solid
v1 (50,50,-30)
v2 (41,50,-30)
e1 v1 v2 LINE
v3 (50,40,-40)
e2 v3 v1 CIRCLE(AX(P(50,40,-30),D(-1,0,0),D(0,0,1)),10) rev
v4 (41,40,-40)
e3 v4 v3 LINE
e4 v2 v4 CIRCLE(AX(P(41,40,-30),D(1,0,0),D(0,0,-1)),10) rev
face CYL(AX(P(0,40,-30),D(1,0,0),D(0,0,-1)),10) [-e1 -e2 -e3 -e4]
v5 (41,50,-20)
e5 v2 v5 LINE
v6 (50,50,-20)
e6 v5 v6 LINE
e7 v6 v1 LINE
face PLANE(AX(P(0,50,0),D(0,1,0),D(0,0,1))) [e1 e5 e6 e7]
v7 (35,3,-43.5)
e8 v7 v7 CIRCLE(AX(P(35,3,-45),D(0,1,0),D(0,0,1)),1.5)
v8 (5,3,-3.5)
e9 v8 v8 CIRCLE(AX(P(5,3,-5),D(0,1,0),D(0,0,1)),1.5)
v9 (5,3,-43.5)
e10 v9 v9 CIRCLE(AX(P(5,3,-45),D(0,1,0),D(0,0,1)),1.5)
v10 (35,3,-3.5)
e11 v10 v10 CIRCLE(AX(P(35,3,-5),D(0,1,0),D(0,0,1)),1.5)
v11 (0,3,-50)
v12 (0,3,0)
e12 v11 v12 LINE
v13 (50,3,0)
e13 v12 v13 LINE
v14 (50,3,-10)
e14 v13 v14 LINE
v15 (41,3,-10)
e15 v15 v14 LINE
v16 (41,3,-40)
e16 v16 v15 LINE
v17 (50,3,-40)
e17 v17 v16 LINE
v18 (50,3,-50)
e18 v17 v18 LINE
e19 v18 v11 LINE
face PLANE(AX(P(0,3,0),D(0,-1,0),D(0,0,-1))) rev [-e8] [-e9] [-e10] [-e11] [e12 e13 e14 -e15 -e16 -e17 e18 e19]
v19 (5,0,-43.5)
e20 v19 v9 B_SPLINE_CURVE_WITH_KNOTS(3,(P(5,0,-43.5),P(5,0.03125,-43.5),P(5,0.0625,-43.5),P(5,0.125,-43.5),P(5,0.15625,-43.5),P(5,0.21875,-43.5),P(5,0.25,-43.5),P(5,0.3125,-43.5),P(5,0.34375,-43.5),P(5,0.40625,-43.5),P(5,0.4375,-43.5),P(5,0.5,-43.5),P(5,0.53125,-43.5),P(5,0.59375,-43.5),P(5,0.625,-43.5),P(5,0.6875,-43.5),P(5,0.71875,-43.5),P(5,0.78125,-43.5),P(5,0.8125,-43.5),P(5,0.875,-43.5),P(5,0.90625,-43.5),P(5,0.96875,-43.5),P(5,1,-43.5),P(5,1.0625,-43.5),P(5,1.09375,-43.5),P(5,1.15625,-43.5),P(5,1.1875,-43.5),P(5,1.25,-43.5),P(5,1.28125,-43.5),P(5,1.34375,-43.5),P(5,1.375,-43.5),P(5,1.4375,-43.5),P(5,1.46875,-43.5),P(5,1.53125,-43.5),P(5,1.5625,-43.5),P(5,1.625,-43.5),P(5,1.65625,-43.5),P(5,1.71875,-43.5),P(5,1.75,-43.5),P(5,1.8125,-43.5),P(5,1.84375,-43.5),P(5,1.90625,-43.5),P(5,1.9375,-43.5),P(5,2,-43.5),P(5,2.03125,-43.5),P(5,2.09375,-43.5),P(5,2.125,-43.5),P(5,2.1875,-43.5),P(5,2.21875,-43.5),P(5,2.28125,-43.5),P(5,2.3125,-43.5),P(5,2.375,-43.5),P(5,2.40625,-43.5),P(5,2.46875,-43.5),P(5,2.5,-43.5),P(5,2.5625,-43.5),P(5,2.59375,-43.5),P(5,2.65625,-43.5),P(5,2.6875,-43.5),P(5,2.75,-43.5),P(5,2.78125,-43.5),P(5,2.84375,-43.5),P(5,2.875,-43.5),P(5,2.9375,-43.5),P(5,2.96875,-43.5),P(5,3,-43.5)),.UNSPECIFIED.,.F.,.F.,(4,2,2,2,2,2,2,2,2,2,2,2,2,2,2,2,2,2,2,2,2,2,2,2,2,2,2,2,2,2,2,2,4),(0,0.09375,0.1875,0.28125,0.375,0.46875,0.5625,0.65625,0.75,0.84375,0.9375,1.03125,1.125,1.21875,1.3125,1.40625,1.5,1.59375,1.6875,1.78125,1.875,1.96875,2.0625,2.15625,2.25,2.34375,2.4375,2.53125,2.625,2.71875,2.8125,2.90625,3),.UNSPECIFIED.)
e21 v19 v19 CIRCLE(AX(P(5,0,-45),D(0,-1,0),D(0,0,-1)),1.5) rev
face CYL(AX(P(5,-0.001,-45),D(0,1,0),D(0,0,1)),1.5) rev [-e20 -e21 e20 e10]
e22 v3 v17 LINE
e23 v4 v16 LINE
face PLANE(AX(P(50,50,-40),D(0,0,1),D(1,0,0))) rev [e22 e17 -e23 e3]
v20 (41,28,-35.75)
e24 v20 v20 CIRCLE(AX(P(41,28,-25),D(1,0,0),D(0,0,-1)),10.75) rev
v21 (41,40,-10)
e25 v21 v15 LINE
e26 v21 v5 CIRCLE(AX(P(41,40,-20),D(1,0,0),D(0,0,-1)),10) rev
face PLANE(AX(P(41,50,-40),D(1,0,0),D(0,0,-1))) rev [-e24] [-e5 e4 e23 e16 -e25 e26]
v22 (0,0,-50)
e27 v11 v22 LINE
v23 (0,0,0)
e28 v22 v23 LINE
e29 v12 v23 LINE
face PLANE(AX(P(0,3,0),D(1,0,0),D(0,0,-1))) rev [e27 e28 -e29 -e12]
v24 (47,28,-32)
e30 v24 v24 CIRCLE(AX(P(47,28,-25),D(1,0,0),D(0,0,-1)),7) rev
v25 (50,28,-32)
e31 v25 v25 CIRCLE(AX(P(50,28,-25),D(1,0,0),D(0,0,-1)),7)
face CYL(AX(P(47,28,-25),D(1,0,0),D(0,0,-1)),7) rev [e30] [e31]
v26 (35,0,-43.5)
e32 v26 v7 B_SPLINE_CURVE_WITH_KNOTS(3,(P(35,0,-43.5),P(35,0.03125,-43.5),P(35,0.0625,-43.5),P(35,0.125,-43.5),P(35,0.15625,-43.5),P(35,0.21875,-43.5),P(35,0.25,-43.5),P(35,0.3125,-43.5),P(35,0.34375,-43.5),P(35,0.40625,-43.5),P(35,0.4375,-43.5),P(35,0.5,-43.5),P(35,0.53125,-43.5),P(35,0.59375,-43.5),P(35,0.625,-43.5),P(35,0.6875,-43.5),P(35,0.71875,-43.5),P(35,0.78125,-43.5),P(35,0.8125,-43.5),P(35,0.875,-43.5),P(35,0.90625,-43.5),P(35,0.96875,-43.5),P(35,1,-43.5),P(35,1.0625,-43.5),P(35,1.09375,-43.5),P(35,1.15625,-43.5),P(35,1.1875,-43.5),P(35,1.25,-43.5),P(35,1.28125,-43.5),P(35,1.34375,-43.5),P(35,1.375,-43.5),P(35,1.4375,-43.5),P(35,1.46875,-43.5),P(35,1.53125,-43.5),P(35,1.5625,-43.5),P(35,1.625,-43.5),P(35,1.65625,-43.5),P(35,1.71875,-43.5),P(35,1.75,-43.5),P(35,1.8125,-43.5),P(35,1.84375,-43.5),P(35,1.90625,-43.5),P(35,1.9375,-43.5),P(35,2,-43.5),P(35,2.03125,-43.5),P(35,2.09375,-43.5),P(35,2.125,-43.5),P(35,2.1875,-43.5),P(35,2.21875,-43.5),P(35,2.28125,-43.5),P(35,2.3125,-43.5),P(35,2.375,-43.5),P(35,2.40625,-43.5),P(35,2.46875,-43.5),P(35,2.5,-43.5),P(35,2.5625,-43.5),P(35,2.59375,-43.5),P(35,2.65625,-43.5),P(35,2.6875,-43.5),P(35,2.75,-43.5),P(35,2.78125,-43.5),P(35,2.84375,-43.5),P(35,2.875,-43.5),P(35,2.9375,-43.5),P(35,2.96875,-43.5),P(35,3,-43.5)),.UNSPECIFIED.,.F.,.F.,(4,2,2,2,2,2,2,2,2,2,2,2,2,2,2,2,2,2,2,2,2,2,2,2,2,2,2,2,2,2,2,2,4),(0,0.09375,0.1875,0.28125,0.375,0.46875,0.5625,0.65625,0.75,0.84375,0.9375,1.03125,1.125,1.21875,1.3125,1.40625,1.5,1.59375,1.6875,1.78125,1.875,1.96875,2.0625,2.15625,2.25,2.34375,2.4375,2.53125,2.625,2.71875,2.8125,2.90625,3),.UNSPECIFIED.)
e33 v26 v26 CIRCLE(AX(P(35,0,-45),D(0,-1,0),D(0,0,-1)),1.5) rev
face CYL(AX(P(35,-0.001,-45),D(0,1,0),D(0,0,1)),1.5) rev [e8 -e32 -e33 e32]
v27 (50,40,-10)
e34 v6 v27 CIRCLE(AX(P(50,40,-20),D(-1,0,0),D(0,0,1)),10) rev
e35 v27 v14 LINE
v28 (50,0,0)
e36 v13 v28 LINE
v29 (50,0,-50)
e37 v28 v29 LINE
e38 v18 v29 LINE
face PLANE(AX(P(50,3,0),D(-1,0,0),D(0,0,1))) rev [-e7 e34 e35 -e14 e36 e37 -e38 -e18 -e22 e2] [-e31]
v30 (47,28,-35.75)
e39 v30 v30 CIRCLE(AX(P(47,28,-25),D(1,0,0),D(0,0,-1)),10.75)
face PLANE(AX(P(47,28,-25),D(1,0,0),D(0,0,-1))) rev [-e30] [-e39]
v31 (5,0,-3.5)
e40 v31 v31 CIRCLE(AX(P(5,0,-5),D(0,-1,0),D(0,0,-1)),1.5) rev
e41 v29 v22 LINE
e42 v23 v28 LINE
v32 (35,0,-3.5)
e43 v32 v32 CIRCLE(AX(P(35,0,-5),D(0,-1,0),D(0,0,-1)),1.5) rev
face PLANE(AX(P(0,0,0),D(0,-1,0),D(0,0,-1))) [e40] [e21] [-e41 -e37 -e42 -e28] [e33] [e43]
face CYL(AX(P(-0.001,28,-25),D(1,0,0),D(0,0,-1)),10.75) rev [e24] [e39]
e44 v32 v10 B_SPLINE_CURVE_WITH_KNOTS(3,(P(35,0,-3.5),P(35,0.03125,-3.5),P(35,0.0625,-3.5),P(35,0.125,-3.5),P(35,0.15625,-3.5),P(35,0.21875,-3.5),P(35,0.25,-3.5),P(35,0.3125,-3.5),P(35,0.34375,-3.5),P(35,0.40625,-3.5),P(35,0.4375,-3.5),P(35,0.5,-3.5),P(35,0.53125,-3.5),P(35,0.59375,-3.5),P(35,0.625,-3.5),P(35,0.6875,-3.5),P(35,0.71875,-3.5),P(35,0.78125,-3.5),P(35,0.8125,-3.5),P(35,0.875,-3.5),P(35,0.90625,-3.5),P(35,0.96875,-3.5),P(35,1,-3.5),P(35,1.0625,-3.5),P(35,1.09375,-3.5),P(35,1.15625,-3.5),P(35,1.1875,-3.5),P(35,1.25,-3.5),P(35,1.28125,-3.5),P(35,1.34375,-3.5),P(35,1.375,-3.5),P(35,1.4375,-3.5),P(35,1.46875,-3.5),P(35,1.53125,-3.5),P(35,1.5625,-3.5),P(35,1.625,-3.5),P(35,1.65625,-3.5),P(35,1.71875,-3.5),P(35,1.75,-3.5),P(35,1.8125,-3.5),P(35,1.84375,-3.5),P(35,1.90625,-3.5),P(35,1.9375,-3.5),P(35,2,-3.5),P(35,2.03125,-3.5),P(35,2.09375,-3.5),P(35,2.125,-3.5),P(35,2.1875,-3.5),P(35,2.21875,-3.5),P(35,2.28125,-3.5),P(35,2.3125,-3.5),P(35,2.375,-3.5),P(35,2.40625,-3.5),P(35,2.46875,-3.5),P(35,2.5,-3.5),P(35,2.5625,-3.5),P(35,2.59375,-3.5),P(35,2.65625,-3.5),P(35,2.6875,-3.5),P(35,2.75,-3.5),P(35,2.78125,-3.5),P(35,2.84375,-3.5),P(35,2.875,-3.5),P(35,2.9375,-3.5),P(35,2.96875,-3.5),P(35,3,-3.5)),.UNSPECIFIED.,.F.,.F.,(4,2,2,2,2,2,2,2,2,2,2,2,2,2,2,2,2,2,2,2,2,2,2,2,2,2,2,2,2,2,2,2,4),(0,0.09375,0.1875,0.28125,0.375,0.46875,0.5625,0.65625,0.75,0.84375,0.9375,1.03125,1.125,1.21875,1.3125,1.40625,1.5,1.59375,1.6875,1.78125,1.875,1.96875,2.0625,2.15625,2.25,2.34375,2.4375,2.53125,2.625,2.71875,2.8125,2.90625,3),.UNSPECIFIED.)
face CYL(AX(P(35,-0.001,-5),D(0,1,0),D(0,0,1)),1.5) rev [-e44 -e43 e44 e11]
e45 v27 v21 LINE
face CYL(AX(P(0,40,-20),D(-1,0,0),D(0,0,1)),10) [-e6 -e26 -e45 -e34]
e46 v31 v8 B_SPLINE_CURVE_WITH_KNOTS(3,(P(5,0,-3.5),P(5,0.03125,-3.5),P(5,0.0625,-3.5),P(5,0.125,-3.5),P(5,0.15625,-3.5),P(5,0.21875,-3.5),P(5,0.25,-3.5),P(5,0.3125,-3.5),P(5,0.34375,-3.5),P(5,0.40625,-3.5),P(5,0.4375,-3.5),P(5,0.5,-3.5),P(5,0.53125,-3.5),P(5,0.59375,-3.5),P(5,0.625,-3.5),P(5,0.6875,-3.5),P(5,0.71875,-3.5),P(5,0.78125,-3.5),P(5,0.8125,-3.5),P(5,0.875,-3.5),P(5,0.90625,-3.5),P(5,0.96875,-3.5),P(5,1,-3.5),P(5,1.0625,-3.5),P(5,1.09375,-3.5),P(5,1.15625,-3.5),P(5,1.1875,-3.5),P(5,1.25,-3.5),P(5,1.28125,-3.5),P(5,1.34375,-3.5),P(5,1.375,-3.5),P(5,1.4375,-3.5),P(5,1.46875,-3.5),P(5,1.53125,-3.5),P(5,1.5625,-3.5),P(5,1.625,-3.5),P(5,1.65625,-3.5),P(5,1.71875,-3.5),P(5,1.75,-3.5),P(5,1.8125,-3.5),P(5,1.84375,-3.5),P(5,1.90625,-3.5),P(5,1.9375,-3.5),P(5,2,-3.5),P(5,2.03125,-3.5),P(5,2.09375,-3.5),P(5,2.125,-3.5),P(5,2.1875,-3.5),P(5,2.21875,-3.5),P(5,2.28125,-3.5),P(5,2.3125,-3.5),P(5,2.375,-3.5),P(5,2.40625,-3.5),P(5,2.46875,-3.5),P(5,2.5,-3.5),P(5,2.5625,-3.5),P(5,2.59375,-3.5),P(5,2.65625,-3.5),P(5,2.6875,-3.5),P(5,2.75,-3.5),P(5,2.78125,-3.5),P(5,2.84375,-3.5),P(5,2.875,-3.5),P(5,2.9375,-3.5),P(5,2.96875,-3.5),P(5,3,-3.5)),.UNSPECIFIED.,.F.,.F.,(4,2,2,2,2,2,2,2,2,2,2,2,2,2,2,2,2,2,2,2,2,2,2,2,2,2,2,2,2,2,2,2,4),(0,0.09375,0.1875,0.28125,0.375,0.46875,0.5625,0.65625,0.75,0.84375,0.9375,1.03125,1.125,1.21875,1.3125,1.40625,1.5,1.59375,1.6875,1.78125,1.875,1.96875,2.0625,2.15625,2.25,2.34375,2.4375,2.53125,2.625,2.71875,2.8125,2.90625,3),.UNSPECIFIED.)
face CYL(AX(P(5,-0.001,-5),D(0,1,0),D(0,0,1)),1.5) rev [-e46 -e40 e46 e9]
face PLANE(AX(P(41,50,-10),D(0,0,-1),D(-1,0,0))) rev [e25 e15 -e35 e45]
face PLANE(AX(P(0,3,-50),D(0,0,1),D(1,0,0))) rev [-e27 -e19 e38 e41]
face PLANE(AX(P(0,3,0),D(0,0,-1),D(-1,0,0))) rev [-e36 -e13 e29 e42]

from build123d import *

# Parameters (mm, degrees)
ESQUISSE1_W             = 50
ESQUISSE1_H             = 50
BOSS_EXTRU_1_DEPTH      = 3
ESQUISSE2_W             = 9
ESQUISSE2_H             = 30
BOSS_EXTRU_2_DEPTH      = 47
ESQUISSE3_R             = 7
ENL_V_MAT_EXTRU_2_DEPTH = 3
ENL_V_MAT_EXTRU_3_REACH = 86.906
ESQUISSE4_R             = 10.75
CONG_1_R                = 10
ENL_V_MAT_EXTRU_4_REACH = 86.906
ESQUISSE5_R             = 1.5


with BuildPart() as part:
    # Esquisse1 → Boss.-Extru.1 (new body)
    with BuildSketch(Plane(origin=(0, 0, 0), x_dir=(1, 0, 0), z_dir=(0, 1, 0))):
        with Locations((25, 25)):
            Rectangle(ESQUISSE1_W, ESQUISSE1_H)
    extrude(amount=BOSS_EXTRU_1_DEPTH)

    # Esquisse2 → Boss.-Extru.2 (add)
    with BuildSketch(Plane(origin=(0, 3, 0), x_dir=(1, 0, 0), z_dir=(0, 1, 0))):
        with Locations((45.5, 25)):
            Rectangle(ESQUISSE2_W, ESQUISSE2_H)
    extrude(amount=BOSS_EXTRU_2_DEPTH)

    # Esquisse3 → Enlèv. mat.-Extru.2 (cut)
    with BuildSketch(Plane(origin=(50, 0, 0), x_dir=(0, 0, -1), z_dir=(1, 0, 0))):
        with Locations((25, 28)):
            Circle(ESQUISSE3_R)
    extrude(amount=-ENL_V_MAT_EXTRU_2_DEPTH, mode=Mode.SUBTRACT)

    # Esquisse4 → Enlèv. mat.-Extru.3 (cut, up to next)
    with BuildSketch(Plane(origin=(47, 0, 0), x_dir=(0, 0, -1), z_dir=(1, 0, 0)), mode=Mode.PRIVATE) as enl_v_mat_extru_3_sk1:
        with Locations((25, 28)):
            Circle(ESQUISSE4_R)
    enl_v_mat_extru_3_tool1 = extrude(enl_v_mat_extru_3_sk1.sketch, amount=-ENL_V_MAT_EXTRU_3_REACH, mode=Mode.PRIVATE) & part.part
    add(enl_v_mat_extru_3_tool1.solids().sort_by_distance((47, 28, -25))[0], mode=Mode.SUBTRACT)

    # Congé1
    cong_1_edges = [part.edges().sort_by_distance(p)[0] for p in [
        (45.5, 50, -40),
        (45.5, 50, -10),
    ]]
    fillet(cong_1_edges, radius=CONG_1_R)

    # Esquisse5 → Enlèv. mat.-Extru.4 (cut, up to next)
    with BuildSketch(Plane(origin=(0, 3, 0), x_dir=(1, 0, 0), z_dir=(0, 1, 0)), mode=Mode.PRIVATE) as enl_v_mat_extru_4_sk1:
        with Locations(Location((35, 45, 0), (0, 0, 270))):
            Circle(ESQUISSE5_R)
    enl_v_mat_extru_4_tool1 = extrude(enl_v_mat_extru_4_sk1.sketch, amount=-ENL_V_MAT_EXTRU_4_REACH, mode=Mode.PRIVATE) & part.part
    # Esquisse5 → Enlèv. mat.-Extru.4 (cut, up to next)
    with BuildSketch(Plane(origin=(0, 3, 0), x_dir=(1, 0, 0), z_dir=(0, 1, 0)), mode=Mode.PRIVATE) as enl_v_mat_extru_4_sk2:
        with Locations(Location((5, 45, 0), (0, 0, 270))):
            Circle(ESQUISSE5_R)
    enl_v_mat_extru_4_tool2 = extrude(enl_v_mat_extru_4_sk2.sketch, amount=-ENL_V_MAT_EXTRU_4_REACH, mode=Mode.PRIVATE) & part.part
    # Esquisse5 → Enlèv. mat.-Extru.4 (cut, up to next)
    with BuildSketch(Plane(origin=(0, 3, 0), x_dir=(1, 0, 0), z_dir=(0, 1, 0)), mode=Mode.PRIVATE) as enl_v_mat_extru_4_sk3:
        with Locations(Location((5, 5, 0), (0, 0, 270))):
            Circle(ESQUISSE5_R)
    enl_v_mat_extru_4_tool3 = extrude(enl_v_mat_extru_4_sk3.sketch, amount=-ENL_V_MAT_EXTRU_4_REACH, mode=Mode.PRIVATE) & part.part
    # Esquisse5 → Enlèv. mat.-Extru.4 (cut, up to next)
    with BuildSketch(Plane(origin=(0, 3, 0), x_dir=(1, 0, 0), z_dir=(0, 1, 0)), mode=Mode.PRIVATE) as enl_v_mat_extru_4_sk4:
        with Locations(Location((35, 5, 0), (0, 0, 270))):
            Circle(ESQUISSE5_R)
    enl_v_mat_extru_4_tool4 = extrude(enl_v_mat_extru_4_sk4.sketch, amount=-ENL_V_MAT_EXTRU_4_REACH, mode=Mode.PRIVATE) & part.part
    add(enl_v_mat_extru_4_tool1.solids().sort_by_distance((35, 3, -45))[0], mode=Mode.SUBTRACT)
    add(enl_v_mat_extru_4_tool2.solids().sort_by_distance((5, 3, -45))[0], mode=Mode.SUBTRACT)
    add(enl_v_mat_extru_4_tool3.solids().sort_by_distance((5, 3, -5))[0], mode=Mode.SUBTRACT)
    add(enl_v_mat_extru_4_tool4.solids().sort_by_distance((35, 3, -5))[0], mode=Mode.SUBTRACT)


solid = part.part
